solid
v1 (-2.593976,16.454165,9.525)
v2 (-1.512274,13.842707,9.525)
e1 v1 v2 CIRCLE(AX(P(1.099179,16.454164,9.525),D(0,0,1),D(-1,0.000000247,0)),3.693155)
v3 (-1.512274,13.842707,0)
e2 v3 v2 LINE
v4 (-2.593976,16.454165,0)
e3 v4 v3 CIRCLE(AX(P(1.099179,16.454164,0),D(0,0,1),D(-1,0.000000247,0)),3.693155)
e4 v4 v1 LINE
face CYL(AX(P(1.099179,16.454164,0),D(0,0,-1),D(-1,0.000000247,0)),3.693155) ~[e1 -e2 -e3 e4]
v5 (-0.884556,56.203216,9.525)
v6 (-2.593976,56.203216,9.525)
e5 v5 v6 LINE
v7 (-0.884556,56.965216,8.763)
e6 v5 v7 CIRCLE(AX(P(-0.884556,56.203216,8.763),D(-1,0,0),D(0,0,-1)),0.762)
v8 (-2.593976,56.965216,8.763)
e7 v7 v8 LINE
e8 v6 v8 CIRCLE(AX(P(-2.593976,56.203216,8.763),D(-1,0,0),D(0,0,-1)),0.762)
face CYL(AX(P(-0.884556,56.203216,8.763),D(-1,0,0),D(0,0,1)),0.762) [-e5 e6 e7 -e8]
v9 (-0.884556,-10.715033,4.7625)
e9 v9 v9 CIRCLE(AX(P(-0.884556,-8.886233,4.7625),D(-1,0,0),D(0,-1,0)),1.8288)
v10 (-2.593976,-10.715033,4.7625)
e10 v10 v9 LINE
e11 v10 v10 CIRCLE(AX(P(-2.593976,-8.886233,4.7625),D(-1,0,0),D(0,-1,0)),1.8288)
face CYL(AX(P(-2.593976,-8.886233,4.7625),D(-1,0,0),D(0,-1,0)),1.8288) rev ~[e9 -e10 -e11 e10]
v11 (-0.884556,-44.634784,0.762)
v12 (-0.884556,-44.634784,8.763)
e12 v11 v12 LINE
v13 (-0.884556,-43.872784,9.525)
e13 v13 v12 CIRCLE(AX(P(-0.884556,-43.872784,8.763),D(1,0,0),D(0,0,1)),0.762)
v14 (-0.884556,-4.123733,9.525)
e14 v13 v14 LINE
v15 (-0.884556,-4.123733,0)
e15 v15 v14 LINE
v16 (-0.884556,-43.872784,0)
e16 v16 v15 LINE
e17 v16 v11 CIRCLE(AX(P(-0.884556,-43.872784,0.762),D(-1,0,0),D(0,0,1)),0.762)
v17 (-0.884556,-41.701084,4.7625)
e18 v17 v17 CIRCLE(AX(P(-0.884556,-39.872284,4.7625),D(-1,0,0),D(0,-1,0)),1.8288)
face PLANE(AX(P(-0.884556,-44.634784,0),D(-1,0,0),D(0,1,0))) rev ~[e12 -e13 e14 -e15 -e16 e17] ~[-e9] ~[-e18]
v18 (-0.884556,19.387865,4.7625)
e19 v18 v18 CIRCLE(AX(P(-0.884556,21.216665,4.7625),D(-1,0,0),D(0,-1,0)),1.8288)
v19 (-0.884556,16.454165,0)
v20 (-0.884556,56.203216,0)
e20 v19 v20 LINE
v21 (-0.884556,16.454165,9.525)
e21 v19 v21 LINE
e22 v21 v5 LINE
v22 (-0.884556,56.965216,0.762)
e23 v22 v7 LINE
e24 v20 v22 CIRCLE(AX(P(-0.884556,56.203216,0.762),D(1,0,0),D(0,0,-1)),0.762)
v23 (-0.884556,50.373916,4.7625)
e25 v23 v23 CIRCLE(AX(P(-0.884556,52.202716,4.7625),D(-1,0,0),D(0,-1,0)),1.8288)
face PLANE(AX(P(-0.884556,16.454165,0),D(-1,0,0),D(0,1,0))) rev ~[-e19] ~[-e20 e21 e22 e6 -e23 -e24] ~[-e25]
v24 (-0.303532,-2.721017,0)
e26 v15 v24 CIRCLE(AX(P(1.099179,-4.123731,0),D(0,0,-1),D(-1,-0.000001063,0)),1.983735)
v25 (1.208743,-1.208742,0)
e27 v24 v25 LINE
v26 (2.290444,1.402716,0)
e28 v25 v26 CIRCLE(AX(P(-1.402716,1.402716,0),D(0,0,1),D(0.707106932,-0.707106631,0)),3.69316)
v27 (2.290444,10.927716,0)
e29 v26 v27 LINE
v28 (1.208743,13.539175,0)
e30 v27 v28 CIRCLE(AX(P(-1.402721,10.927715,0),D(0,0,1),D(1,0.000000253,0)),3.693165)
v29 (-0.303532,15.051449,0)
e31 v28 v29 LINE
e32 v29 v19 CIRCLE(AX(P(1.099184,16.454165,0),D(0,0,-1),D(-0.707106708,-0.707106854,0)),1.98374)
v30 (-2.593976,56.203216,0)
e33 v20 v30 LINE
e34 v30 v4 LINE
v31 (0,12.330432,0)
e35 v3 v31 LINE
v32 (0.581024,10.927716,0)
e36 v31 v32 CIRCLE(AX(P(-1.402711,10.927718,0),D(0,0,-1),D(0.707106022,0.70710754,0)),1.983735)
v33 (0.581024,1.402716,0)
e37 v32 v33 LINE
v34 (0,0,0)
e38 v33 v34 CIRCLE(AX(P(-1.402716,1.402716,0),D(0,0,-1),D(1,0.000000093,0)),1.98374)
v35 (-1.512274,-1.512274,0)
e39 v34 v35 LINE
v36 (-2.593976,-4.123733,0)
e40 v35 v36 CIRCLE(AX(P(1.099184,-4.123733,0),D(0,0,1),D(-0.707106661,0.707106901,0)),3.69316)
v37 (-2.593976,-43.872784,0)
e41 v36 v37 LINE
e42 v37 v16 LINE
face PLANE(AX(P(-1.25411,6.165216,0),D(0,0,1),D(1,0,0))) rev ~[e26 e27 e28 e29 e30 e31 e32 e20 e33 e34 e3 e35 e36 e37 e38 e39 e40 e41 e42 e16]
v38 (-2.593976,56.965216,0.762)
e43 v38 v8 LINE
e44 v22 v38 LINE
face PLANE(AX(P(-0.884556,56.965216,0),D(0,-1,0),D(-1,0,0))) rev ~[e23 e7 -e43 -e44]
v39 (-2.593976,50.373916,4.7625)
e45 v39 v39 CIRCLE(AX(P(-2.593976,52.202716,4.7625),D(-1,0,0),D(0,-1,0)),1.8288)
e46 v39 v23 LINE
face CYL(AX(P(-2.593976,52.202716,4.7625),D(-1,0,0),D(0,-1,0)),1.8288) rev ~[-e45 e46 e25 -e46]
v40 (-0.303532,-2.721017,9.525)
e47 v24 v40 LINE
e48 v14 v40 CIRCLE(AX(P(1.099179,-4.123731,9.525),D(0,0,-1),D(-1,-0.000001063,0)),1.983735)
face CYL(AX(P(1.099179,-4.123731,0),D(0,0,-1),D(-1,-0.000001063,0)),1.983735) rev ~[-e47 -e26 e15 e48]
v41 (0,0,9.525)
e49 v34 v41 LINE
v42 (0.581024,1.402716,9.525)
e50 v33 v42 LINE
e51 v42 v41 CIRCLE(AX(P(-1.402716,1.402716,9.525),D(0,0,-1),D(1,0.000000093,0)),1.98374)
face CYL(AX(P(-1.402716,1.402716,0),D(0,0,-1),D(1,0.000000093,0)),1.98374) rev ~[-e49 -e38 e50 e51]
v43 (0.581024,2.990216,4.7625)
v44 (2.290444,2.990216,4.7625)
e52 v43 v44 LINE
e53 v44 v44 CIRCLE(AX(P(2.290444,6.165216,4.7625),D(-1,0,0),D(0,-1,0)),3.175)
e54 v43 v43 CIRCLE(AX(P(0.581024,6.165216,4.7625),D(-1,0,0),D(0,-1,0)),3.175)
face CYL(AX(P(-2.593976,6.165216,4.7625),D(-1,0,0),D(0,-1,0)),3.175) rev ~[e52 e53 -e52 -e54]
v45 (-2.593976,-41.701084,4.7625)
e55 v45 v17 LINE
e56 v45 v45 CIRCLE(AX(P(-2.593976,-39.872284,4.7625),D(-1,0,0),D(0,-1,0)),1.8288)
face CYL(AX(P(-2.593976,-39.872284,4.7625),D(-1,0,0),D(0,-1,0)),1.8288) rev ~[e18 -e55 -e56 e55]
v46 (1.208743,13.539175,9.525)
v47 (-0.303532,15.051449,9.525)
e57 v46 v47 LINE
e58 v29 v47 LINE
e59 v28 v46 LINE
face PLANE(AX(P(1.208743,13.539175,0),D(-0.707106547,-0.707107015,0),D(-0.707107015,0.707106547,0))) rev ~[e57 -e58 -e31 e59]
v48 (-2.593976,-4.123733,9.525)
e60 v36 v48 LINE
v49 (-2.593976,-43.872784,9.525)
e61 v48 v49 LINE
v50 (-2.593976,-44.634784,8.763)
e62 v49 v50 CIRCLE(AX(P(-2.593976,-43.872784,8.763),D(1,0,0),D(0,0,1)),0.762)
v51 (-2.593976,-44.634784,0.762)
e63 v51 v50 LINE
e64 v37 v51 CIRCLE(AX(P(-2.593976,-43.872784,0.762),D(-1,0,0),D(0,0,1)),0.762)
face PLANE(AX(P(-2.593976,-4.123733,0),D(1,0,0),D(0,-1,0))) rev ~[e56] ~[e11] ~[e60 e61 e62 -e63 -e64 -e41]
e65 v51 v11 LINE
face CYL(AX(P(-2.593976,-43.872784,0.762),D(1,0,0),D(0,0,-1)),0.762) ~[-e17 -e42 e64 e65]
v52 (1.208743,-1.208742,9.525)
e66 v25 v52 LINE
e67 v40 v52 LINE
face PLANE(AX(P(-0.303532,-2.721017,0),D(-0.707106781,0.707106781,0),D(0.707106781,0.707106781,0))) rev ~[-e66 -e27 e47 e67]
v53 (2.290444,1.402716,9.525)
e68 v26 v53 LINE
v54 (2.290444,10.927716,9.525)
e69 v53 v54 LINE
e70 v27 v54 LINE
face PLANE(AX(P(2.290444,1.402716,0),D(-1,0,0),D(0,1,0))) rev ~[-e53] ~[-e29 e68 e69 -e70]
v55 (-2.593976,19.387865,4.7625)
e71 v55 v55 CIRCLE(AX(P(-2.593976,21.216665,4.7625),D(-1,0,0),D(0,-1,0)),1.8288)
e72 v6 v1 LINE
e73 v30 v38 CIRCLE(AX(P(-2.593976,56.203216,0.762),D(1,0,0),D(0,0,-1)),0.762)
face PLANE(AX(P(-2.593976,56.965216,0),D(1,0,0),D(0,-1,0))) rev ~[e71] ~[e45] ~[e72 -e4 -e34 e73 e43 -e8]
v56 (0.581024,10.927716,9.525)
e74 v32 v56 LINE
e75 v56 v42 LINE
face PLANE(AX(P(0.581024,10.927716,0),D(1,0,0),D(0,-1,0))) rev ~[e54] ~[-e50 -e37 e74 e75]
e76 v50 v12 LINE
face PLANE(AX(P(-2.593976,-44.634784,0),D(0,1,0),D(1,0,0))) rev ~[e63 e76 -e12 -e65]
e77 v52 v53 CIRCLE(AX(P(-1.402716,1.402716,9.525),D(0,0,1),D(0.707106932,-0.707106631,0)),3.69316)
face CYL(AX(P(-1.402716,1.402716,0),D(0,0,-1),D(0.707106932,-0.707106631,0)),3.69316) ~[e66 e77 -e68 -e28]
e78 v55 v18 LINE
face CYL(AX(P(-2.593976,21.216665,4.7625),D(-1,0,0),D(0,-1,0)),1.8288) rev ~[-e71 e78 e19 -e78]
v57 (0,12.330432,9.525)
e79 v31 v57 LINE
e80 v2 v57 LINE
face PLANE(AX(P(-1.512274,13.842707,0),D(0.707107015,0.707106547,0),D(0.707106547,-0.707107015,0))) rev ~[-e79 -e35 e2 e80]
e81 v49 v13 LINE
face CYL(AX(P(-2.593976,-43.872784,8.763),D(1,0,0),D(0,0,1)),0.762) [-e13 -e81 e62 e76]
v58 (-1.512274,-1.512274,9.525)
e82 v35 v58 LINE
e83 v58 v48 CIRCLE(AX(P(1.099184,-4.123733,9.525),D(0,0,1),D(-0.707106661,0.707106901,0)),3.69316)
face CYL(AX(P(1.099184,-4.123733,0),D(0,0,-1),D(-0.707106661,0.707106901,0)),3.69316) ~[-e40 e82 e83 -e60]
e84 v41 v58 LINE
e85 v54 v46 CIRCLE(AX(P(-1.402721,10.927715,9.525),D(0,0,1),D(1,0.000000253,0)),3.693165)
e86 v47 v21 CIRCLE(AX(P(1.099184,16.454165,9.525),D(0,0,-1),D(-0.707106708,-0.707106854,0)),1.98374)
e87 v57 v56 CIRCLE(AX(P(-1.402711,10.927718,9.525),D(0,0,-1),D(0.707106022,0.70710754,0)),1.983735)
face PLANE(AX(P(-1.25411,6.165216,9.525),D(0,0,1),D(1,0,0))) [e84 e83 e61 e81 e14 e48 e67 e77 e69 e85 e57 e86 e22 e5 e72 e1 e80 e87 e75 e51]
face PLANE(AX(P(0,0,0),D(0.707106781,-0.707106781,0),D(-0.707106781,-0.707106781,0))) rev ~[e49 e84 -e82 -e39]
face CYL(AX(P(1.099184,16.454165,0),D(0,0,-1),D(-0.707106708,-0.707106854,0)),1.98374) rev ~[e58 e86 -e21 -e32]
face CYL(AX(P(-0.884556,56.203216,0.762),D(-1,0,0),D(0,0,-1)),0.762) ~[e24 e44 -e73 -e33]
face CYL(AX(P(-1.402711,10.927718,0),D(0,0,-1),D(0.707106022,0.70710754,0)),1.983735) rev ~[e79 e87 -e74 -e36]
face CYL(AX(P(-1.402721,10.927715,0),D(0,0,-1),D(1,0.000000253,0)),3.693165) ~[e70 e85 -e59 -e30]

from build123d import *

# Parameters (mm, degrees)
F1_DEPTH = 9.525
F2_R     = 1.8288
F2_R_2   = 3.175
F3_DEPTH = 4.88442
F4_R     = 0.762


with BuildPart() as f1:
    # F0 (on Top) → F1 (new body)
    with BuildSketch(Plane.XY):
        with BuildLine():
            ThreePointArc((0.581024, 1.402716), (0.430021, 0.643572), (0, 0))
            Line((0, 0), (-1.512274, -1.512274))
            ThreePointArc((-1.512274, -1.512274), (-2.312851, -2.710422), (-2.593976, -4.123733))
            Line((-2.593976, -4.123733), (-2.593976, -44.634784))
            Line((-2.593976, -44.634784), (-0.884556, -44.634784))
            Line((-0.884556, -44.634784), (-0.884556, -4.123733))
            ThreePointArc((-0.884556, -4.123733), (-0.733553, -3.364588), (-0.303532, -2.721017))
            Line((-0.303532, -2.721017), (1.208743, -1.208742))
            ThreePointArc((1.208743, -1.208742), (2.009319, -0.010595), (2.290444, 1.402716))
            Line((2.290444, 1.402716), (2.290444, 10.927716))
            ThreePointArc((2.290444, 10.927716), (2.009319, 12.341027), (1.208743, 13.539175))
            Line((1.208743, 13.539175), (-0.303532, 15.051449))
            ThreePointArc((-0.303532, 15.051449), (-0.733553, 15.695021), (-0.884556, 16.454165))
            Line((-0.884556, 16.454165), (-0.884556, 56.965216))
            Line((-0.884556, 56.965216), (-2.593976, 56.965216))
            Line((-2.593976, 56.965216), (-2.593976, 16.454165))
            ThreePointArc((-2.593976, 16.454165), (-2.312851, 15.040854), (-1.512274, 13.842707))
            Line((-1.512274, 13.842707), (0, 12.330432))
            ThreePointArc((0, 12.330432), (0.430021, 11.686861), (0.581024, 10.927716))
            Line((0.581024, 10.927716), (0.581024, 1.402716))
        make_face()
    extrude(amount=F1_DEPTH)

    # F2 (on face) → F3 (cut, through all)
    with BuildSketch(Plane(origin=(-2.593976, 0, 0), x_dir=(0, -1, 0), z_dir=(-1, 0, 0))):
        with Locations((-52.202716, 4.7625)):
            Circle(F2_R)
        with Locations((-21.216665, 4.7625)):
            Circle(F2_R)
        with Locations((8.886233, 4.7625)):
            Circle(F2_R)
        with Locations((39.872284, 4.7625)):
            Circle(F2_R)
        with Locations((-6.165216, 4.7625)):
            Circle(F2_R_2)
    extrude(amount=-F3_DEPTH, mode=Mode.SUBTRACT)

    # F4
    f4_edges = [f1.edges().sort_by_distance(p)[0] for p in [
        (-1.739266, 56.965216, 9.525),
        (-1.739266, 56.965216, 0),
        (-1.739266, -44.634784, 9.525),
        (-1.739266, -44.634784, 0),
    ]]
    fillet(f4_edges, radius=F4_R)


solid = f1.part
